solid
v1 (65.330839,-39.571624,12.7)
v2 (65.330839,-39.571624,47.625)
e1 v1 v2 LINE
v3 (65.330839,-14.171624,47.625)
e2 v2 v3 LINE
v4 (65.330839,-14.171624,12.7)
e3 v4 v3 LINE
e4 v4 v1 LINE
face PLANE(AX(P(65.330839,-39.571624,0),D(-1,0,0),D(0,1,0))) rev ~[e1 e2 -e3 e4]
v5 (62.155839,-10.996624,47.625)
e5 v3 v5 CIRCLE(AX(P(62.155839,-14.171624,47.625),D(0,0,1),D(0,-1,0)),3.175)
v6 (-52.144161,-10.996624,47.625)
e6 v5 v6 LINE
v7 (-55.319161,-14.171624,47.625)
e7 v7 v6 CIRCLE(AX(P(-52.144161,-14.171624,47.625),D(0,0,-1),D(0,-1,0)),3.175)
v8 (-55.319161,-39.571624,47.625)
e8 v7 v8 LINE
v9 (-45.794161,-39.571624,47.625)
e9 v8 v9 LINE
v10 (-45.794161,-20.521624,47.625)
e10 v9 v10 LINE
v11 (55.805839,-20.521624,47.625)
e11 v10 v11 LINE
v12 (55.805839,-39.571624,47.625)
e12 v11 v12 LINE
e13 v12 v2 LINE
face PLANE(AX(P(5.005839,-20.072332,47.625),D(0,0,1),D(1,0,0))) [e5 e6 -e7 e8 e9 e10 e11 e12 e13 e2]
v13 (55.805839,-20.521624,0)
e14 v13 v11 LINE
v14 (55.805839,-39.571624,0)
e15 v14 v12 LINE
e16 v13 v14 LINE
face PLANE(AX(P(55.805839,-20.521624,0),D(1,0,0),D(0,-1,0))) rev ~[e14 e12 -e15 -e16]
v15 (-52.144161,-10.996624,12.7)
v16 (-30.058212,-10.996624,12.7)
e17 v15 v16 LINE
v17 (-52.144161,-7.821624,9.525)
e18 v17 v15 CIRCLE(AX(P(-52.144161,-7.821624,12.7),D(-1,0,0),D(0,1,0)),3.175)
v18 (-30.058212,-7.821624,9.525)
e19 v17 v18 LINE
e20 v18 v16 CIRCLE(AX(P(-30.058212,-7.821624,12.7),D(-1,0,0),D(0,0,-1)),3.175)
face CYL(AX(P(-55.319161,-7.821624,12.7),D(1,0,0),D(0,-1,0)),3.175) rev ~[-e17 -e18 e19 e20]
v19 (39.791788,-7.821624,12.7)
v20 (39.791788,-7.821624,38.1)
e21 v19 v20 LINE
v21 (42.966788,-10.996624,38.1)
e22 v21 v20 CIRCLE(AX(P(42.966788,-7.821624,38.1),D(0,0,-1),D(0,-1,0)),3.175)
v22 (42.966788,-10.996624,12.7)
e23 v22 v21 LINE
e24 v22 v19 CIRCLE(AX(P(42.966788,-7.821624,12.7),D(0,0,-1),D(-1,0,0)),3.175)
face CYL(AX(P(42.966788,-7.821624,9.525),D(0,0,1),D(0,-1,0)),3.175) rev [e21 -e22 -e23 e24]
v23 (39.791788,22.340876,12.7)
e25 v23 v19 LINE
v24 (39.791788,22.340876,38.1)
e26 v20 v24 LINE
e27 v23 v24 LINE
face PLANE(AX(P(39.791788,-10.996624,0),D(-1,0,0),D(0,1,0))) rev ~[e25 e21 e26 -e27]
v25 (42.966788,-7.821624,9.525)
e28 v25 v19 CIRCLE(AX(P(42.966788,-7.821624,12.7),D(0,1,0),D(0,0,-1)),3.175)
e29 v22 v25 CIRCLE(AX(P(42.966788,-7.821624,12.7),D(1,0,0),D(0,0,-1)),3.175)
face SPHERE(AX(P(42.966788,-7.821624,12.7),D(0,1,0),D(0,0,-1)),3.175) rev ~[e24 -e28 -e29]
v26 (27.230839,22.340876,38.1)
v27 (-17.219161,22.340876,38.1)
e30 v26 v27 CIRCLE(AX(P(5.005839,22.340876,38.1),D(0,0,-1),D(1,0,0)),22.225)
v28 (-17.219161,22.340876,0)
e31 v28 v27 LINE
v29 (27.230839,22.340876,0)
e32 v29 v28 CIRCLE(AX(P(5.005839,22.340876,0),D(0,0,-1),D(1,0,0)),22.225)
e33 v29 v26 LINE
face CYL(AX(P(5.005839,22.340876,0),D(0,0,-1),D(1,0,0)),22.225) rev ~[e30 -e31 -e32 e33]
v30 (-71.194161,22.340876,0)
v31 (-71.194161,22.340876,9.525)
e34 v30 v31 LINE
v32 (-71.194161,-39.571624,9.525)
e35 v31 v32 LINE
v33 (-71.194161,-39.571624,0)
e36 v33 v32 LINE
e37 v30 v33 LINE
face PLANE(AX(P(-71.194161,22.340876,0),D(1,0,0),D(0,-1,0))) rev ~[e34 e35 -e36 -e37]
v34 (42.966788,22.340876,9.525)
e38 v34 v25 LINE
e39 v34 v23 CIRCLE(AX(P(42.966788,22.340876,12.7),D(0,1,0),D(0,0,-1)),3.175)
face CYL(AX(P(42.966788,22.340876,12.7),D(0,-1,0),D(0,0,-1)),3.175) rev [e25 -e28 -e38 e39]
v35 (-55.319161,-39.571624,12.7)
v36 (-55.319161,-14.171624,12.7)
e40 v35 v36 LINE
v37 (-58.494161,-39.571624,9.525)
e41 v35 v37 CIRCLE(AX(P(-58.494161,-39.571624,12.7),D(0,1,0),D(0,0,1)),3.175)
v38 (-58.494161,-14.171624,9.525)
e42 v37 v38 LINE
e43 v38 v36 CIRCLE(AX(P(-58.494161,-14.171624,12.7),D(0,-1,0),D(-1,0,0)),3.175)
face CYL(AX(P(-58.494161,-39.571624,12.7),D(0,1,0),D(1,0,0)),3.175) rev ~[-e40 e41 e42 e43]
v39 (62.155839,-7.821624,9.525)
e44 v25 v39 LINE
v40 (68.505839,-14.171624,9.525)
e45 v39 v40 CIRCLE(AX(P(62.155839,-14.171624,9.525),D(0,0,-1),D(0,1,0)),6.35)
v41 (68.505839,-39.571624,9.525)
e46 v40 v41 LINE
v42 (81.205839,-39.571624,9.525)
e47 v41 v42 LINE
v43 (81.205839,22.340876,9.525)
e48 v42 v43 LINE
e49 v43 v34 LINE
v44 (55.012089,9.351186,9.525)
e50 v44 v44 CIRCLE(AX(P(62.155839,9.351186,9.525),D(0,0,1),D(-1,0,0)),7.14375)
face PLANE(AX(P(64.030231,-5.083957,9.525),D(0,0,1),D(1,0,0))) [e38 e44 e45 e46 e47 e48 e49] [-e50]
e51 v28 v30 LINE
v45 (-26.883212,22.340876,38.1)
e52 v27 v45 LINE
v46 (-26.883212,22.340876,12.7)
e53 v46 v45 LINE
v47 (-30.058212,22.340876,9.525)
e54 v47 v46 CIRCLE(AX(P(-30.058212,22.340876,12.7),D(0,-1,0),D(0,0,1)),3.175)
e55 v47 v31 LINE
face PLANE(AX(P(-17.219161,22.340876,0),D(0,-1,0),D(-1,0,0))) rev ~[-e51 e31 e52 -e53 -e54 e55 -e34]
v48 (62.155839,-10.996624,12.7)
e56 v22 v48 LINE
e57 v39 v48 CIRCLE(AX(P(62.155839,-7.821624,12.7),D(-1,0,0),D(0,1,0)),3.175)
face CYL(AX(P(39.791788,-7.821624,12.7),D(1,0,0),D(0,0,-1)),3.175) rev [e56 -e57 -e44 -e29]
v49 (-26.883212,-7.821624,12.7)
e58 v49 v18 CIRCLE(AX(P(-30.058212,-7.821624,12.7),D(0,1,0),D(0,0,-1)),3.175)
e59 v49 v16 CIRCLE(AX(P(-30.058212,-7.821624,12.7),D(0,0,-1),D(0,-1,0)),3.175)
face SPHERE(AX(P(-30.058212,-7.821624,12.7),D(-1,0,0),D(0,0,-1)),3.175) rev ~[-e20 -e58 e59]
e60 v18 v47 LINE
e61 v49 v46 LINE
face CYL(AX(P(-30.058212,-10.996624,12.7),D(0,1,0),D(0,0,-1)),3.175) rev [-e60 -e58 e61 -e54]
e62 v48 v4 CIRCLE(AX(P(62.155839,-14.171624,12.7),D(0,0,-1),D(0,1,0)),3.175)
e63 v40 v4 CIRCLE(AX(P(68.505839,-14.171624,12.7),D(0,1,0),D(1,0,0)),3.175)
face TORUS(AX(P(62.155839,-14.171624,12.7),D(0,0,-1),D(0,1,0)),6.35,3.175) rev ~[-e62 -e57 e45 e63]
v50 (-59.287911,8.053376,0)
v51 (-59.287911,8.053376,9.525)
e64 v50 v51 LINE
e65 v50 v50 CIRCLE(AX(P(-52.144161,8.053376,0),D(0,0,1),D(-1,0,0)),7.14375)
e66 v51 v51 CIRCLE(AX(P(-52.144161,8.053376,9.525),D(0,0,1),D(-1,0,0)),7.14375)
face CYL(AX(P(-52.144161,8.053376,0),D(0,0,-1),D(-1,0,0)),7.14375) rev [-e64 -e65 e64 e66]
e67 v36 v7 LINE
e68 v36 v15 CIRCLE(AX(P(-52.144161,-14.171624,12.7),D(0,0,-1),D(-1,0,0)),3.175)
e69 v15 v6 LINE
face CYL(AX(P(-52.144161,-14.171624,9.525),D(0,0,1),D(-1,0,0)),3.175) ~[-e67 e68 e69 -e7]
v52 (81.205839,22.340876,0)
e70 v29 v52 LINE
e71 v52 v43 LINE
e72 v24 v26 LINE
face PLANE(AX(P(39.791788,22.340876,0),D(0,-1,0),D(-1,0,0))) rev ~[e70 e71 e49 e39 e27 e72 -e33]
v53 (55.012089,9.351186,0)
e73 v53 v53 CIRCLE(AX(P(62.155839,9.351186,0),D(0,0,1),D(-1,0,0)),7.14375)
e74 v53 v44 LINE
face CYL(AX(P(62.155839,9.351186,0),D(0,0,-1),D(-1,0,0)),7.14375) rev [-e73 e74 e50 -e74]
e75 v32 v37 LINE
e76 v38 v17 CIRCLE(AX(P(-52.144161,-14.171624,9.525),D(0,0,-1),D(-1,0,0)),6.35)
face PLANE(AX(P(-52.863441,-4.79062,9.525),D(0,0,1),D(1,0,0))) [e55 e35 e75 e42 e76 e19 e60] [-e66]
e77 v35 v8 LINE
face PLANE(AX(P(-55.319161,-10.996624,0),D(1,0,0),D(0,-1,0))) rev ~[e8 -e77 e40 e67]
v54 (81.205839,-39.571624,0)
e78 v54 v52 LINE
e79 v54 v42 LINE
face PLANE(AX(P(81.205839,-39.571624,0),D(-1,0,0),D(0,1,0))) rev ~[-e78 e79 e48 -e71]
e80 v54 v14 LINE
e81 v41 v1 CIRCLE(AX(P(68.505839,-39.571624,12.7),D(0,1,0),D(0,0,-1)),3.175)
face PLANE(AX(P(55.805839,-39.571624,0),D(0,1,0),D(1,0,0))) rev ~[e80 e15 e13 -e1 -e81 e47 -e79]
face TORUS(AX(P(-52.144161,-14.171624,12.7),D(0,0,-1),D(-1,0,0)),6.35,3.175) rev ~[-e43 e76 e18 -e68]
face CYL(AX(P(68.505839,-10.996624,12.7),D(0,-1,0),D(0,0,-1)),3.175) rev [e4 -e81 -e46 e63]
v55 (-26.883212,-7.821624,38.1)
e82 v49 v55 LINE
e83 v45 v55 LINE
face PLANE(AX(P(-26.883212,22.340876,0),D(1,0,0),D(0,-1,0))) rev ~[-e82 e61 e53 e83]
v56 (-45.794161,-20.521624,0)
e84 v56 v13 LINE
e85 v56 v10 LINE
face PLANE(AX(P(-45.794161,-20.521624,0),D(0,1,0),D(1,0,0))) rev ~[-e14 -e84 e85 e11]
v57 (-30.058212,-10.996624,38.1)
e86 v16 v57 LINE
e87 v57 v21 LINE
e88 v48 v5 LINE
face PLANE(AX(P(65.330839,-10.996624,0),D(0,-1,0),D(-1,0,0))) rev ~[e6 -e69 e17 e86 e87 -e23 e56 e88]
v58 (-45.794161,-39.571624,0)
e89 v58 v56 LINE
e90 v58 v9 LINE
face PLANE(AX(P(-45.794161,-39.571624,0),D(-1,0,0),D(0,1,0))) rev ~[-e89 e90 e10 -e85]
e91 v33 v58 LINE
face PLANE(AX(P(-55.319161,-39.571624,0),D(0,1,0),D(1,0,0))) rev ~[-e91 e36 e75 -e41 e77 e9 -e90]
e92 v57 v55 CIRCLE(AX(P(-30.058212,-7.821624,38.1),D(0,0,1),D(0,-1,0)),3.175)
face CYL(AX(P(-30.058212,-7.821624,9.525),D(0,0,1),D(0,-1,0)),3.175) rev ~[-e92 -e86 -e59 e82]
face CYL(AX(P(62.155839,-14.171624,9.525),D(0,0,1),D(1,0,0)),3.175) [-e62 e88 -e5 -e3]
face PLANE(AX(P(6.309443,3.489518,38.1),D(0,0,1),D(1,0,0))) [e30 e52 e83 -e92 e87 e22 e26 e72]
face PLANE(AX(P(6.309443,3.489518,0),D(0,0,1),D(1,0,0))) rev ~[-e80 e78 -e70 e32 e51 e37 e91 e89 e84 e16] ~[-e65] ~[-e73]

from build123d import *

# Parameters (mm, degrees)
SKETCH1_R             = 7.14375
BOSS_EXTRUDE1_DEPTH   = 9.525
BOSS_EXTRUDE1_2_DEPTH = 9.525
BOSS_EXTRUDE2_DEPTH   = 47.625
BOSS_EXTRUDE3_DEPTH   = 38.1
FILLET1_R             = 3.175


with BuildPart() as part:
    # Sketch1 → Boss-Extrude1 (new body)
    with BuildSketch(Plane.XY):
        Polygon((-26.883211679, -10.996624088), (-26.883211679, 22.340875912), (-71.194160584, 22.340875912), (-71.194160584, -39.571624088), (-55.319160584, -39.571624088), (-55.319160584, -10.996624088), align=None)
        with Locations((-52.144160584, 8.053375912)):
            Circle(SKETCH1_R, mode=Mode.SUBTRACT)
    extrude(amount=BOSS_EXTRUDE1_DEPTH)



with BuildPart() as body_2:
    # Sketch1 → Boss-Extrude1 2 (new body)
    with BuildSketch(Plane.XY):
        Polygon((39.791788321, 22.340875912), (39.791788321, -10.996624088), (65.330839416, -10.996624088), (65.330839416, -39.571624088), (81.205839416, -39.571624088), (81.205839416, 22.340875912), align=None)
        with Locations((62.155839416, 9.351186131)):
            Circle(SKETCH1_R, mode=Mode.SUBTRACT)
    extrude(amount=BOSS_EXTRUDE1_2_DEPTH)


with BuildPart() as part_1:
    add(part.part)

    add(body_2.part)  # Boss-Extrude2 merges body 2
    # Sketch1<4> → Boss-Extrude2 (add)
    with BuildSketch(Plane.XY):
        Polygon((39.791788321, -10.996624088), (-26.883211679, -10.996624088), (-55.319160584, -10.996624088), (-55.319160584, -39.571624088), (-45.794160584, -39.571624088), (-45.794160584, -37.984124088), (-45.794160584, -20.521624088), (55.805839416, -20.521624088), (55.805839416, -37.984124088), (55.805839416, -39.571624088), (65.330839416, -39.571624088), (65.330839416, -10.996624088), align=None)
    extrude(amount=BOSS_EXTRUDE2_DEPTH)

    # Sketch1<5> → Boss-Extrude3 (add)
    with BuildSketch(Plane.XY):
        with BuildLine():
            Line((-17.219160584, 22.340875912), (-26.883211679, 22.340875912))
            Line((-26.883211679, 22.340875912), (-26.883211679, -10.996624088))
            Line((-26.883211679, -10.996624088), (39.791788321, -10.996624088))
            Line((39.791788321, -10.996624088), (39.791788321, 22.340875912))
            Line((39.791788321, 22.340875912), (27.230839416, 22.340875912))
            ThreePointArc((27.230839416, 22.340875912), (5.005839416, 0.115875912), (-17.219160584, 22.340875912))
        make_face()
    extrude(amount=BOSS_EXTRUDE3_DEPTH)

    # Fillet1
    fillet1_edges = [part_1.edges().sort_by_distance(p)[0] for p in [
        (-55.319160584, -10.996624088, 28.575),
        (-26.883211679, 5.672125912, 9.525),
        (-26.883211679, -10.996624088, 23.8125),
        (-55.319160584, -25.284124088, 9.525),
        (-41.101186131, -10.996624088, 9.525),
        (65.330839416, -25.284124088, 9.525),
        (52.561313869, -10.996624088, 9.525),
        (39.791788321, 5.672125912, 9.525),
        (39.791788321, -10.996624088, 23.8125),
        (65.330839416, -10.996624088, 28.575),
    ]]
    fillet(fillet1_edges, radius=FILLET1_R)


solid = part_1.part
